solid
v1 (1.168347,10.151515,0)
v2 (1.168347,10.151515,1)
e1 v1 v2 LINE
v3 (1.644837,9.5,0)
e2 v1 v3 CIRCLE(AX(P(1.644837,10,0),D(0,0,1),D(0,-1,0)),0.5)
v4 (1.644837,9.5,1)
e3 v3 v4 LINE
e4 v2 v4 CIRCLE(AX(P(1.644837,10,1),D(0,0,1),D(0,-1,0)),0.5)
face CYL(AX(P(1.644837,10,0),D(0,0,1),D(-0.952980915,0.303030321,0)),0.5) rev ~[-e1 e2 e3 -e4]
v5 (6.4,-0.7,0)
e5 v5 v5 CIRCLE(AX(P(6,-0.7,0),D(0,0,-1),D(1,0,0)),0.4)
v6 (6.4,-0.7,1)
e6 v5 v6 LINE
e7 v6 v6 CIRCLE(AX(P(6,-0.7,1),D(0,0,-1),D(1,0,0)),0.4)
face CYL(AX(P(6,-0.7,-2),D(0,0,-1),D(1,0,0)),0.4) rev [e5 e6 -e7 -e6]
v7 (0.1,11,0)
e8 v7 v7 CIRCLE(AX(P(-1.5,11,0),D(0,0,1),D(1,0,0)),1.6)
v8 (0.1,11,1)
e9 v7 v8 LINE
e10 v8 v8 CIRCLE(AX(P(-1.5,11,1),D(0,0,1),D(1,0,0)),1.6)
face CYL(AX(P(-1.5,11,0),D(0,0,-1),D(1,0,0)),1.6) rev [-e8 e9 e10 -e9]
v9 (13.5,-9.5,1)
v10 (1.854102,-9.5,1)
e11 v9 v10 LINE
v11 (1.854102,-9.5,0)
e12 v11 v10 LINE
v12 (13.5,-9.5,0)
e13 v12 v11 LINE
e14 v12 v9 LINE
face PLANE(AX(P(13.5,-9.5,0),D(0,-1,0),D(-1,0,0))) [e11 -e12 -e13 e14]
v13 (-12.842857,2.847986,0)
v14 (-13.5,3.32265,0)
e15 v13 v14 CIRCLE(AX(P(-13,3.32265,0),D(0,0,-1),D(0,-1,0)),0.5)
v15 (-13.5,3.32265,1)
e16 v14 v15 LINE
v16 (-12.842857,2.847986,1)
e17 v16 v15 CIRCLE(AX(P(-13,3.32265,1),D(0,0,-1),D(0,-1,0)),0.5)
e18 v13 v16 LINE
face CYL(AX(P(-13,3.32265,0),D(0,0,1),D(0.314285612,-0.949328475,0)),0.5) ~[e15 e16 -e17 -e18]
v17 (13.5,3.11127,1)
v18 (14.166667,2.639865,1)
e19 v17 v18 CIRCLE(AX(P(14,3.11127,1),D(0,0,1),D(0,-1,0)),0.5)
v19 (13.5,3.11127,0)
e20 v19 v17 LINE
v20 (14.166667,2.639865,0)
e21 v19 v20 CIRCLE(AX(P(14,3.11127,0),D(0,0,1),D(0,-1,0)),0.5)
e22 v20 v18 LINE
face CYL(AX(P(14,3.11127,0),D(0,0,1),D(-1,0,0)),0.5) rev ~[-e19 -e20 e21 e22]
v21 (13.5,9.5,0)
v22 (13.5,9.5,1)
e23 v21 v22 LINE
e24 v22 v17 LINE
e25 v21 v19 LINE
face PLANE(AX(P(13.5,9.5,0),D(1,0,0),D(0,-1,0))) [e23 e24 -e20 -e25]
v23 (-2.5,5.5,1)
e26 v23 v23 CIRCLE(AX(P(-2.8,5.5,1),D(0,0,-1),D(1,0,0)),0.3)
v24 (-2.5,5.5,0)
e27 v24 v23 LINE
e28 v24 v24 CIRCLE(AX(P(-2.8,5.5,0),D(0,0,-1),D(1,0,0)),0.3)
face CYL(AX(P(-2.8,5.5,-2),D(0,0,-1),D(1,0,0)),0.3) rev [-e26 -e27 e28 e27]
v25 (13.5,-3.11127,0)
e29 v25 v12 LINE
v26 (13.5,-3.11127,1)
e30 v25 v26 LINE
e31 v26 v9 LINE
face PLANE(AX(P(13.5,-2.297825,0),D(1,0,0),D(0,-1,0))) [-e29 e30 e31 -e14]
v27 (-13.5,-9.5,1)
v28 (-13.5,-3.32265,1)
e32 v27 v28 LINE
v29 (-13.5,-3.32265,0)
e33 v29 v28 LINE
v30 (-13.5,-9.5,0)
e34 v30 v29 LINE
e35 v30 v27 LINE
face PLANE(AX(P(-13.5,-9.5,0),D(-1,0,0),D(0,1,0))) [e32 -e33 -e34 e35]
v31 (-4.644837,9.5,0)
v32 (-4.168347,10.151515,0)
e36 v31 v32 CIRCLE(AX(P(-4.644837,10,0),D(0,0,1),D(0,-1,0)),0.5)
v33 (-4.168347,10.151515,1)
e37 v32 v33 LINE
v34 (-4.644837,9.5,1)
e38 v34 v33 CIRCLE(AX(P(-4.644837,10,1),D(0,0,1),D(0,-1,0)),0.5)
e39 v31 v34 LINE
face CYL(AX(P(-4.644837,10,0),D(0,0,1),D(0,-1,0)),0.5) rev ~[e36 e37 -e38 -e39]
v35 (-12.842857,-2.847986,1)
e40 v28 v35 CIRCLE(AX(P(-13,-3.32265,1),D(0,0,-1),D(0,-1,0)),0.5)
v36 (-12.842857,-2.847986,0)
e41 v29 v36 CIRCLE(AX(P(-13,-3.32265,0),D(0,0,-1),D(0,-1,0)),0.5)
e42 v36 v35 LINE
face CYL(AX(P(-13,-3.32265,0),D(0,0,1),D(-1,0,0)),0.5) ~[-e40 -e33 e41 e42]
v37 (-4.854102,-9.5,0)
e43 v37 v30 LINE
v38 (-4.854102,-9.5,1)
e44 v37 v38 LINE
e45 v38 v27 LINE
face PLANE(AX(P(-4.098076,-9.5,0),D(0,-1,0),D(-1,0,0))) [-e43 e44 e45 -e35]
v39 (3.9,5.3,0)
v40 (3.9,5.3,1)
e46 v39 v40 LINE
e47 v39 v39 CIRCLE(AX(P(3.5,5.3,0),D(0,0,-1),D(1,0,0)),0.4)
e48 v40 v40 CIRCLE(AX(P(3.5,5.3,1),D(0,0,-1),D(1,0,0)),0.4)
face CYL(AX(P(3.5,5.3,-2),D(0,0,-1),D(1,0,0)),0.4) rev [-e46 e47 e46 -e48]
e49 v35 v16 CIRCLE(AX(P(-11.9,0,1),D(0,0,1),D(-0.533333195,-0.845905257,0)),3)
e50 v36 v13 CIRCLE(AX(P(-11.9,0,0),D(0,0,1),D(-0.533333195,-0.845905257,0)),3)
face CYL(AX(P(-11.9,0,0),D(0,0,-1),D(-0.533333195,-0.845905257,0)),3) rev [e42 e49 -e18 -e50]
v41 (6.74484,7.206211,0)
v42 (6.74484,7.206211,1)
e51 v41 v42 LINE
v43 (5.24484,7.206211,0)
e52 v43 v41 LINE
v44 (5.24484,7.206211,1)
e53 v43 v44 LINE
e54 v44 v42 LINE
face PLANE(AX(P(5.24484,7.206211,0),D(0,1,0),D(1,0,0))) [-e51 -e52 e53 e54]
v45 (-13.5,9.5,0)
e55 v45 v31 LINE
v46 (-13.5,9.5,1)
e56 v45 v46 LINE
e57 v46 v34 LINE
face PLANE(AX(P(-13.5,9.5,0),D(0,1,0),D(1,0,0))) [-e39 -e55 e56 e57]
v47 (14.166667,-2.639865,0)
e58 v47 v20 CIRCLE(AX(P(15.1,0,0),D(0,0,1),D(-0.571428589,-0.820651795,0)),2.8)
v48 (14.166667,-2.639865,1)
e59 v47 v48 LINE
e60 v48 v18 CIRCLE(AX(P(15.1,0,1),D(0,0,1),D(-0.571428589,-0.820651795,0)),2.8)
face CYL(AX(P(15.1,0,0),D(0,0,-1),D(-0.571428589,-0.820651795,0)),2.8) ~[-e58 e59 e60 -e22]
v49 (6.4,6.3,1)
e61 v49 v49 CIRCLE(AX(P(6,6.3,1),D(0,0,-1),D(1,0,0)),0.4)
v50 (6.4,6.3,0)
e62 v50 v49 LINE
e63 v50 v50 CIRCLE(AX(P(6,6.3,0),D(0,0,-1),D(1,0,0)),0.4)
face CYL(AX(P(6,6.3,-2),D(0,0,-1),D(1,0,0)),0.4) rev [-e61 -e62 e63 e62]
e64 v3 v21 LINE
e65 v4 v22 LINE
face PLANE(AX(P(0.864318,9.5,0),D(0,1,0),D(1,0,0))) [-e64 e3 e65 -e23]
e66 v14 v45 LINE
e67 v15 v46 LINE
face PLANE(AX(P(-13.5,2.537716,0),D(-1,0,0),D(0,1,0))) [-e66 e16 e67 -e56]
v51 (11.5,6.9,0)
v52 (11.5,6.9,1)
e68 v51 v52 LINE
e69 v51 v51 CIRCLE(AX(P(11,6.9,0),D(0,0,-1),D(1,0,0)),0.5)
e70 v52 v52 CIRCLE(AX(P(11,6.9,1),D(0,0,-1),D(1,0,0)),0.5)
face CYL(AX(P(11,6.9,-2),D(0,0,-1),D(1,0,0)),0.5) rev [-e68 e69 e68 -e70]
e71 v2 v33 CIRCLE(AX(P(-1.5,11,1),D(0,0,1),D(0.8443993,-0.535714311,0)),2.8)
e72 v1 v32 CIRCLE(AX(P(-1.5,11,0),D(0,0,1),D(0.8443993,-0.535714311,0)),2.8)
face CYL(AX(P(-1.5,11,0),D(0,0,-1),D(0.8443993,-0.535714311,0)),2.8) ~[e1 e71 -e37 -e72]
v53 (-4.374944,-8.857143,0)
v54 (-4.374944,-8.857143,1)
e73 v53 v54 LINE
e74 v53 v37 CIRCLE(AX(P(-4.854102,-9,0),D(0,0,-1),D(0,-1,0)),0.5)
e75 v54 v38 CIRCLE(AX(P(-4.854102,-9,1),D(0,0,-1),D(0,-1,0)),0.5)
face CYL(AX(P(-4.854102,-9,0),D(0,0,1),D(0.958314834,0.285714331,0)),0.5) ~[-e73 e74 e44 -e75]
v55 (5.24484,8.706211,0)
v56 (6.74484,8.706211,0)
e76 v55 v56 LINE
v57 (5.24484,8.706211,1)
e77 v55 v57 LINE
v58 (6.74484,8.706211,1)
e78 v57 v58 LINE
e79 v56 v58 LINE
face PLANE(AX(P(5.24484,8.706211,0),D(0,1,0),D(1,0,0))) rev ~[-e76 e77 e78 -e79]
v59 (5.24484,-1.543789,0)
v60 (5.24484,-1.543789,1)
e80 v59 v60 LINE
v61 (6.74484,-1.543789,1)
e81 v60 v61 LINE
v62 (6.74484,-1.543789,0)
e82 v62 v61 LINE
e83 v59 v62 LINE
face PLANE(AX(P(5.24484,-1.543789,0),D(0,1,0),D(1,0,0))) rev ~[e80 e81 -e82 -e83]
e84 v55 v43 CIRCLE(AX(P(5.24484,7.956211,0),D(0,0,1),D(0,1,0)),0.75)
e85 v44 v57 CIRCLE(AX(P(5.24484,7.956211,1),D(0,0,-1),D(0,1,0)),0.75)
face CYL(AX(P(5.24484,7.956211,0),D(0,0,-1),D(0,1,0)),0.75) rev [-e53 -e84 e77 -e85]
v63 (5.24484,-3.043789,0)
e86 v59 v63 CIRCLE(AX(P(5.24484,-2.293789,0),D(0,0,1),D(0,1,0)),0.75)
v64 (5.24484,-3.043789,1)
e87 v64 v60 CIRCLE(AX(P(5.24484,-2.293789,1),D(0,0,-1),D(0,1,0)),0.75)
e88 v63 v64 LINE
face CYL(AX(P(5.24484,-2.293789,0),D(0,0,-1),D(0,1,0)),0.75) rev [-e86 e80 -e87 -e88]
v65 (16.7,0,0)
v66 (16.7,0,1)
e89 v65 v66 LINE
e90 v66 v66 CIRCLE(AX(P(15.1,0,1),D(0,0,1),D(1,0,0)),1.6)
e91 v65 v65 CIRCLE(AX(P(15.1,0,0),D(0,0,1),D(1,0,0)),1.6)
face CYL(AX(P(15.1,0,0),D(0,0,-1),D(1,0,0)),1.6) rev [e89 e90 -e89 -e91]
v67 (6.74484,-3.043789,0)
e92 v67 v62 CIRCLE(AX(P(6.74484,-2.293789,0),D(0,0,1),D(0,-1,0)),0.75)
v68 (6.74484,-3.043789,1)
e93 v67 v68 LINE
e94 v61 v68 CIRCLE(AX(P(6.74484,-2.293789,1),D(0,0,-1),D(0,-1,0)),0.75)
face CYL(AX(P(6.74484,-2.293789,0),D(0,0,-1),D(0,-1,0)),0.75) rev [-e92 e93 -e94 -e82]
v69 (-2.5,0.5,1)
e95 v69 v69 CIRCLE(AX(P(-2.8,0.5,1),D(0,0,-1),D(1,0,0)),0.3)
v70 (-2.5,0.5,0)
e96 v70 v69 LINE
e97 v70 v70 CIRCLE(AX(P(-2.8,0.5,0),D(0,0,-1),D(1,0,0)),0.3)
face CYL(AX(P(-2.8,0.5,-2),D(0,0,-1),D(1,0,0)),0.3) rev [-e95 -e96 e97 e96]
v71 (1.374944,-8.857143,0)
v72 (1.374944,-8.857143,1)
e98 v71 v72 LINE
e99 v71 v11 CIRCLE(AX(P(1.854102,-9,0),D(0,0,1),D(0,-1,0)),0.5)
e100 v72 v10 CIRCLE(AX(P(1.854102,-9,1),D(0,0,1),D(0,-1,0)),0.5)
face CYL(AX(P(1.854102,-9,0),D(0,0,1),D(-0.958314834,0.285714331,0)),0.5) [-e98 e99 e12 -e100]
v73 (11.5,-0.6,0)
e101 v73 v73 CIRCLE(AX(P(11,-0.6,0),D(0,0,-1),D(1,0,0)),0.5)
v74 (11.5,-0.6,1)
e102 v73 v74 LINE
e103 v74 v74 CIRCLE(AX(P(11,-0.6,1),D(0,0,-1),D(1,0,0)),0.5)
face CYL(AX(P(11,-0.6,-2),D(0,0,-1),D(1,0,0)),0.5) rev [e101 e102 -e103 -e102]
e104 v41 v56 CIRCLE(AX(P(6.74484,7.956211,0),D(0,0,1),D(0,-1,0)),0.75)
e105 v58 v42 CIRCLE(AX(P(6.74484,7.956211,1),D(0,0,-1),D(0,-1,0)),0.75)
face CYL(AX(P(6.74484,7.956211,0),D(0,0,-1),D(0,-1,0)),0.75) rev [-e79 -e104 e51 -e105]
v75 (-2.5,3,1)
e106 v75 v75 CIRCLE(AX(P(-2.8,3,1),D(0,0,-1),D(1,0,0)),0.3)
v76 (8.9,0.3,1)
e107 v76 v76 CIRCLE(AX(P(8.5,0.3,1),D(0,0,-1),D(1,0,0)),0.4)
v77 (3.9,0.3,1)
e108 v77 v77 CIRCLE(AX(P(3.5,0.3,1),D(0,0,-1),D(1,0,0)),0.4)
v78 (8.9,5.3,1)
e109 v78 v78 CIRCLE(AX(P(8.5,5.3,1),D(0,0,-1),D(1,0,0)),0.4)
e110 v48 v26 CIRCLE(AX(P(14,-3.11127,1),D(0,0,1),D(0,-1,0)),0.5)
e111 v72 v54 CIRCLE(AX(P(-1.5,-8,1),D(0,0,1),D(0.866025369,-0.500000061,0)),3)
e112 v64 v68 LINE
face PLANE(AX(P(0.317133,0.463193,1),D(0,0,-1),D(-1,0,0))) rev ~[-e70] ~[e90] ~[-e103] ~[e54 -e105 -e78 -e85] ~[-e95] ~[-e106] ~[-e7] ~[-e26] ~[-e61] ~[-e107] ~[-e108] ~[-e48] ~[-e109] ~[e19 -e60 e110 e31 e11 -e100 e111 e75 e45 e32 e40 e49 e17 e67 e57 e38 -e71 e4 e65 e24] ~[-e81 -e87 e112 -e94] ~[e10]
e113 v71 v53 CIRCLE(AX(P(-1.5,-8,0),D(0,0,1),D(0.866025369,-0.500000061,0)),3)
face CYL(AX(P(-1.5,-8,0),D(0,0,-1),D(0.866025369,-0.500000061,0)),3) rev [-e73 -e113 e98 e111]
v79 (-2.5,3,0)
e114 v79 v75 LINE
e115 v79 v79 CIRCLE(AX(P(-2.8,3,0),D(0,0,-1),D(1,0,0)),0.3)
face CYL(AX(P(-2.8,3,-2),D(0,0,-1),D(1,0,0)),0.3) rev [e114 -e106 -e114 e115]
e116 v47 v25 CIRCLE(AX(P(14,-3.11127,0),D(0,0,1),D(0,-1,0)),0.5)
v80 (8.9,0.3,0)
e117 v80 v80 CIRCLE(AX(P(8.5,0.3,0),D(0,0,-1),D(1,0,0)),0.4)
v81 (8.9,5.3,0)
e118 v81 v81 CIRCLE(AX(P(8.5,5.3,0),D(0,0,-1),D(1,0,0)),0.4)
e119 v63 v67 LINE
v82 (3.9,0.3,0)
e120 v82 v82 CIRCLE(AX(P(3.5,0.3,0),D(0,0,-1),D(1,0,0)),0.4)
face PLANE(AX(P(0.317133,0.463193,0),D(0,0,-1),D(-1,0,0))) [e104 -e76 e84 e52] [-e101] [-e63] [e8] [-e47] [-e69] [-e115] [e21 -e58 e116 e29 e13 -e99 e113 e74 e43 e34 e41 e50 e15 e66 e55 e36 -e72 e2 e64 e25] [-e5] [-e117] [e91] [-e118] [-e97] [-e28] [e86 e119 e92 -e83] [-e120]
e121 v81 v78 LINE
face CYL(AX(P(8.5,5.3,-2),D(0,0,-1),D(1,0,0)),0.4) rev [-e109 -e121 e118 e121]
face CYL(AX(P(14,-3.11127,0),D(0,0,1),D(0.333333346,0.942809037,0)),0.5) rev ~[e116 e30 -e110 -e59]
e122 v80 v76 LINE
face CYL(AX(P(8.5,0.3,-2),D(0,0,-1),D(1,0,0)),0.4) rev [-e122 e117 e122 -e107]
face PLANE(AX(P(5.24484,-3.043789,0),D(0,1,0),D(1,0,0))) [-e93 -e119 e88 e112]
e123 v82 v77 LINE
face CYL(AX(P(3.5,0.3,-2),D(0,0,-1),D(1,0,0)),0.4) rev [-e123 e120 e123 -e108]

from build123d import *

# Parameters (mm, degrees)
CYLINDER012_R     = 0.5
CYLINDER012_DEPTH = 10
CYLINDER011_R     = 0.5
CYLINDER011_DEPTH = 10
CYLINDER010_R     = 0.3
CYLINDER010_DEPTH = 10
CYLINDER009_R     = 0.3
CYLINDER009_DEPTH = 10
CYLINDER008_R     = 0.3
CYLINDER008_DEPTH = 10
PAD004_DEPTH      = 5
PAD003_DEPTH      = 5
CYLINDER007_R     = 0.4
CYLINDER007_DEPTH = 10
CYLINDER006_R     = 0.4
CYLINDER006_DEPTH = 10
CYLINDER005_R     = 0.4
CYLINDER005_DEPTH = 10
CYLINDER004_R     = 0.4
CYLINDER004_DEPTH = 10
CYLINDER003_R     = 0.4
CYLINDER003_DEPTH = 10
CYLINDER002_R     = 0.4
CYLINDER002_DEPTH = 10
SKETCH_R          = 1.6
PAD_DEPTH         = 1
FILLET_R          = 0.5
FILLET001_R       = 0.5
FILLET002_R       = 0.5
FILLET003_R       = 0.5
FILLET004_R       = 0.5
FILLET005_R       = 0.5


with BuildPart() as cilindro012:
    # Cylinder012 → Cylinder012 (new body)
    with BuildSketch(Plane(origin=(11, -0.6, -2), x_dir=(1, 0, 0), z_dir=(0, 0, 1))):
        Circle(CYLINDER012_R)
    extrude(amount=CYLINDER012_DEPTH)


with BuildPart() as cilindro011:
    # Cylinder011 → Cylinder011 (new body)
    with BuildSketch(Plane(origin=(11, 6.9, -2), x_dir=(1, 0, 0), z_dir=(0, 0, 1))):
        Circle(CYLINDER011_R)
    extrude(amount=CYLINDER011_DEPTH)


with BuildPart() as cilindro010:
    # Cylinder010 → Cylinder010 (new body)
    with BuildSketch(Plane(origin=(-2.8, 0.5, -2), x_dir=(1, 0, 0), z_dir=(0, 0, 1))):
        Circle(CYLINDER010_R)
    extrude(amount=CYLINDER010_DEPTH)


with BuildPart() as cilindro009:
    # Cylinder009 → Cylinder009 (new body)
    with BuildSketch(Plane(origin=(-2.8, 3, -2), x_dir=(1, 0, 0), z_dir=(0, 0, 1))):
        Circle(CYLINDER009_R)
    extrude(amount=CYLINDER009_DEPTH)


with BuildPart() as cilindro008:
    # Cylinder008 → Cylinder008 (new body)
    with BuildSketch(Plane(origin=(-2.8, 5.5, -2), x_dir=(1, 0, 0), z_dir=(0, 0, 1))):
        Circle(CYLINDER008_R)
    extrude(amount=CYLINDER008_DEPTH)


with BuildPart() as pad004:
    # Sketch008 → Pad004 (new body)
    with BuildSketch(Plane(origin=(0, -9, 0), x_dir=(1, 0, 0), z_dir=(0, 0, 1))):
        with BuildLine():
            ThreePointArc((5.24484, 7.456211), (4.49484, 6.706211), (5.24484, 5.956211))
            Line((5.24484, 5.956211), (6.74484, 5.956211))
            ThreePointArc((6.74484, 5.956211), (7.49484, 6.706211), (6.74484, 7.456211))
            Line((5.24484, 7.456211), (6.74484, 7.456211))
        make_face()
    extrude(amount=PAD004_DEPTH)


with BuildPart() as pad003:
    # Sketch007 → Pad003 (new body)
    with BuildSketch(Plane(origin=(0, 1.25, 0), x_dir=(1, 0, 0), z_dir=(0, 0, 1))):
        with BuildLine():
            ThreePointArc((5.24484, 7.456211), (4.49484, 6.706211), (5.24484, 5.956211))
            Line((5.24484, 5.956211), (6.74484, 5.956211))
            ThreePointArc((6.74484, 5.956211), (7.49484, 6.706211), (6.74484, 7.456211))
            Line((5.24484, 7.456211), (6.74484, 7.456211))
        make_face()
    extrude(amount=PAD003_DEPTH)


with BuildPart() as cilindro007:
    # Cylinder007 → Cylinder007 (new body)
    with BuildSketch(Plane(origin=(6, 6.3, -2), x_dir=(1, 0, 0), z_dir=(0, 0, 1))):
        Circle(CYLINDER007_R)
    extrude(amount=CYLINDER007_DEPTH)


with BuildPart() as cilindro006:
    # Cylinder006 → Cylinder006 (new body)
    with BuildSketch(Plane(origin=(6, -0.7, -2), x_dir=(1, 0, 0), z_dir=(0, 0, 1))):
        Circle(CYLINDER006_R)
    extrude(amount=CYLINDER006_DEPTH)


with BuildPart() as cilindro005:
    # Cylinder005 → Cylinder005 (new body)
    with BuildSketch(Plane(origin=(8.5, 5.3, -2), x_dir=(1, 0, 0), z_dir=(0, 0, 1))):
        Circle(CYLINDER005_R)
    extrude(amount=CYLINDER005_DEPTH)


with BuildPart() as cilindro004:
    # Cylinder004 → Cylinder004 (new body)
    with BuildSketch(Plane(origin=(3.5, 5.3, -2), x_dir=(1, 0, 0), z_dir=(0, 0, 1))):
        Circle(CYLINDER004_R)
    extrude(amount=CYLINDER004_DEPTH)


with BuildPart() as cilindro003:
    # Cylinder003 → Cylinder003 (new body)
    with BuildSketch(Plane(origin=(8.5, 0.3, -2), x_dir=(1, 0, 0), z_dir=(0, 0, 1))):
        Circle(CYLINDER003_R)
    extrude(amount=CYLINDER003_DEPTH)


with BuildPart() as cilindro002:
    # Cylinder002 → Cylinder002 (new body)
    with BuildSketch(Plane(origin=(3.5, 0.3, -2), x_dir=(1, 0, 0), z_dir=(0, 0, 1))):
        Circle(CYLINDER002_R)
    extrude(amount=CYLINDER002_DEPTH)


with BuildPart() as baseled:
    # Sketch → Pad (new body)
    with BuildSketch(Plane.XY):
        with BuildLine():
            Line((-13.5, 9.5), (-3.864318, 9.5))
            ThreePointArc((0.864318, 9.5), (-1.5, 13.8), (-3.864318, 9.5))
            Line((0.864318, 9.5), (13.5, 9.5))
            Line((13.5, 9.5), (13.5, 2.297825))
            ThreePointArc((13.5, -2.297825), (17.9, 0), (13.5, 2.297825))
            Line((13.5, -2.297825), (13.5, -9.5))
            Line((13.5, -9.5), (1.098076, -9.5))
            ThreePointArc((1.098076, -9.5), (-1.5, -5), (-4.098076, -9.5))
            Line((-4.098076, -9.5), (-13.5, -9.5))
            Line((-13.5, -9.5), (-13.5, -2.537716))
            ThreePointArc((-13.5, -2.537716), (-8.9, 0), (-13.5, 2.537716))
            Line((-13.5, 2.537716), (-13.5, 9.5))
        make_face()
        with Locations((-1.5, 11)):
            Circle(SKETCH_R, mode=Mode.SUBTRACT)
        with Locations((15.1, 0)):
            Circle(SKETCH_R, mode=Mode.SUBTRACT)
    extrude(amount=PAD_DEPTH)

    # Fillet
    fillet_edges = [baseled.edges().sort_by_distance(p)[0] for p in [
        (-3.864318, 9.5, 0.5),
    ]]
    fillet(fillet_edges, radius=FILLET_R)

    # Fillet001
    fillet001_edges = [baseled.edges().sort_by_distance(p)[0] for p in [
        (0.864318, 9.5, 0.5),
    ]]
    fillet(fillet001_edges, radius=FILLET001_R)

    # Fillet002
    fillet002_edges = [baseled.edges().sort_by_distance(p)[0] for p in [
        (13.5, 2.297825, 0.5),
    ]]
    fillet(fillet002_edges, radius=FILLET002_R)

    # Fillet003
    fillet003_edges = [baseled.edges().sort_by_distance(p)[0] for p in [
        (13.5, -2.297825, 0.5),
    ]]
    fillet(fillet003_edges, radius=FILLET003_R)

    # Fillet004
    fillet004_edges = [baseled.edges().sort_by_distance(p)[0] for p in [
        (-4.098076, -9.5, 0.5),
    ]]
    fillet(fillet004_edges, radius=FILLET004_R)

    # Fillet005
    fillet005_edges = [baseled.edges().sort_by_distance(p)[0] for p in [
        (1.098076, -9.5, 0.5),
        (-13.5, -2.537716, 0.5),
        (-13.5, 2.537716, 0.5),
    ]]
    fillet(fillet005_edges, radius=FILLET005_R)

    # Cut003: cut Cilindro002
    add(cilindro002.part, mode=Mode.SUBTRACT)

    # Cut004: cut Cilindro003
    add(cilindro003.part, mode=Mode.SUBTRACT)

    # Cut005: cut Cilindro004
    add(cilindro004.part, mode=Mode.SUBTRACT)

    # Cut006: cut Cilindro005
    add(cilindro005.part, mode=Mode.SUBTRACT)

    # Cut007: cut Cilindro006
    add(cilindro006.part, mode=Mode.SUBTRACT)

    # Cut008: cut Cilindro007
    add(cilindro007.part, mode=Mode.SUBTRACT)

    # Cut009: cut Pad003
    add(pad003.part, mode=Mode.SUBTRACT)

    # Cut010: cut Pad004
    add(pad004.part, mode=Mode.SUBTRACT)

    # Cut011: cut Cilindro008
    add(cilindro008.part, mode=Mode.SUBTRACT)

    # Cut012: cut Cilindro009
    add(cilindro009.part, mode=Mode.SUBTRACT)

    # Cut013: cut Cilindro010
    add(cilindro010.part, mode=Mode.SUBTRACT)

    # Cut014: cut Cilindro011
    add(cilindro011.part, mode=Mode.SUBTRACT)

    # Cut015: cut Cilindro012
    add(cilindro012.part, mode=Mode.SUBTRACT)


solid = baseled.part
